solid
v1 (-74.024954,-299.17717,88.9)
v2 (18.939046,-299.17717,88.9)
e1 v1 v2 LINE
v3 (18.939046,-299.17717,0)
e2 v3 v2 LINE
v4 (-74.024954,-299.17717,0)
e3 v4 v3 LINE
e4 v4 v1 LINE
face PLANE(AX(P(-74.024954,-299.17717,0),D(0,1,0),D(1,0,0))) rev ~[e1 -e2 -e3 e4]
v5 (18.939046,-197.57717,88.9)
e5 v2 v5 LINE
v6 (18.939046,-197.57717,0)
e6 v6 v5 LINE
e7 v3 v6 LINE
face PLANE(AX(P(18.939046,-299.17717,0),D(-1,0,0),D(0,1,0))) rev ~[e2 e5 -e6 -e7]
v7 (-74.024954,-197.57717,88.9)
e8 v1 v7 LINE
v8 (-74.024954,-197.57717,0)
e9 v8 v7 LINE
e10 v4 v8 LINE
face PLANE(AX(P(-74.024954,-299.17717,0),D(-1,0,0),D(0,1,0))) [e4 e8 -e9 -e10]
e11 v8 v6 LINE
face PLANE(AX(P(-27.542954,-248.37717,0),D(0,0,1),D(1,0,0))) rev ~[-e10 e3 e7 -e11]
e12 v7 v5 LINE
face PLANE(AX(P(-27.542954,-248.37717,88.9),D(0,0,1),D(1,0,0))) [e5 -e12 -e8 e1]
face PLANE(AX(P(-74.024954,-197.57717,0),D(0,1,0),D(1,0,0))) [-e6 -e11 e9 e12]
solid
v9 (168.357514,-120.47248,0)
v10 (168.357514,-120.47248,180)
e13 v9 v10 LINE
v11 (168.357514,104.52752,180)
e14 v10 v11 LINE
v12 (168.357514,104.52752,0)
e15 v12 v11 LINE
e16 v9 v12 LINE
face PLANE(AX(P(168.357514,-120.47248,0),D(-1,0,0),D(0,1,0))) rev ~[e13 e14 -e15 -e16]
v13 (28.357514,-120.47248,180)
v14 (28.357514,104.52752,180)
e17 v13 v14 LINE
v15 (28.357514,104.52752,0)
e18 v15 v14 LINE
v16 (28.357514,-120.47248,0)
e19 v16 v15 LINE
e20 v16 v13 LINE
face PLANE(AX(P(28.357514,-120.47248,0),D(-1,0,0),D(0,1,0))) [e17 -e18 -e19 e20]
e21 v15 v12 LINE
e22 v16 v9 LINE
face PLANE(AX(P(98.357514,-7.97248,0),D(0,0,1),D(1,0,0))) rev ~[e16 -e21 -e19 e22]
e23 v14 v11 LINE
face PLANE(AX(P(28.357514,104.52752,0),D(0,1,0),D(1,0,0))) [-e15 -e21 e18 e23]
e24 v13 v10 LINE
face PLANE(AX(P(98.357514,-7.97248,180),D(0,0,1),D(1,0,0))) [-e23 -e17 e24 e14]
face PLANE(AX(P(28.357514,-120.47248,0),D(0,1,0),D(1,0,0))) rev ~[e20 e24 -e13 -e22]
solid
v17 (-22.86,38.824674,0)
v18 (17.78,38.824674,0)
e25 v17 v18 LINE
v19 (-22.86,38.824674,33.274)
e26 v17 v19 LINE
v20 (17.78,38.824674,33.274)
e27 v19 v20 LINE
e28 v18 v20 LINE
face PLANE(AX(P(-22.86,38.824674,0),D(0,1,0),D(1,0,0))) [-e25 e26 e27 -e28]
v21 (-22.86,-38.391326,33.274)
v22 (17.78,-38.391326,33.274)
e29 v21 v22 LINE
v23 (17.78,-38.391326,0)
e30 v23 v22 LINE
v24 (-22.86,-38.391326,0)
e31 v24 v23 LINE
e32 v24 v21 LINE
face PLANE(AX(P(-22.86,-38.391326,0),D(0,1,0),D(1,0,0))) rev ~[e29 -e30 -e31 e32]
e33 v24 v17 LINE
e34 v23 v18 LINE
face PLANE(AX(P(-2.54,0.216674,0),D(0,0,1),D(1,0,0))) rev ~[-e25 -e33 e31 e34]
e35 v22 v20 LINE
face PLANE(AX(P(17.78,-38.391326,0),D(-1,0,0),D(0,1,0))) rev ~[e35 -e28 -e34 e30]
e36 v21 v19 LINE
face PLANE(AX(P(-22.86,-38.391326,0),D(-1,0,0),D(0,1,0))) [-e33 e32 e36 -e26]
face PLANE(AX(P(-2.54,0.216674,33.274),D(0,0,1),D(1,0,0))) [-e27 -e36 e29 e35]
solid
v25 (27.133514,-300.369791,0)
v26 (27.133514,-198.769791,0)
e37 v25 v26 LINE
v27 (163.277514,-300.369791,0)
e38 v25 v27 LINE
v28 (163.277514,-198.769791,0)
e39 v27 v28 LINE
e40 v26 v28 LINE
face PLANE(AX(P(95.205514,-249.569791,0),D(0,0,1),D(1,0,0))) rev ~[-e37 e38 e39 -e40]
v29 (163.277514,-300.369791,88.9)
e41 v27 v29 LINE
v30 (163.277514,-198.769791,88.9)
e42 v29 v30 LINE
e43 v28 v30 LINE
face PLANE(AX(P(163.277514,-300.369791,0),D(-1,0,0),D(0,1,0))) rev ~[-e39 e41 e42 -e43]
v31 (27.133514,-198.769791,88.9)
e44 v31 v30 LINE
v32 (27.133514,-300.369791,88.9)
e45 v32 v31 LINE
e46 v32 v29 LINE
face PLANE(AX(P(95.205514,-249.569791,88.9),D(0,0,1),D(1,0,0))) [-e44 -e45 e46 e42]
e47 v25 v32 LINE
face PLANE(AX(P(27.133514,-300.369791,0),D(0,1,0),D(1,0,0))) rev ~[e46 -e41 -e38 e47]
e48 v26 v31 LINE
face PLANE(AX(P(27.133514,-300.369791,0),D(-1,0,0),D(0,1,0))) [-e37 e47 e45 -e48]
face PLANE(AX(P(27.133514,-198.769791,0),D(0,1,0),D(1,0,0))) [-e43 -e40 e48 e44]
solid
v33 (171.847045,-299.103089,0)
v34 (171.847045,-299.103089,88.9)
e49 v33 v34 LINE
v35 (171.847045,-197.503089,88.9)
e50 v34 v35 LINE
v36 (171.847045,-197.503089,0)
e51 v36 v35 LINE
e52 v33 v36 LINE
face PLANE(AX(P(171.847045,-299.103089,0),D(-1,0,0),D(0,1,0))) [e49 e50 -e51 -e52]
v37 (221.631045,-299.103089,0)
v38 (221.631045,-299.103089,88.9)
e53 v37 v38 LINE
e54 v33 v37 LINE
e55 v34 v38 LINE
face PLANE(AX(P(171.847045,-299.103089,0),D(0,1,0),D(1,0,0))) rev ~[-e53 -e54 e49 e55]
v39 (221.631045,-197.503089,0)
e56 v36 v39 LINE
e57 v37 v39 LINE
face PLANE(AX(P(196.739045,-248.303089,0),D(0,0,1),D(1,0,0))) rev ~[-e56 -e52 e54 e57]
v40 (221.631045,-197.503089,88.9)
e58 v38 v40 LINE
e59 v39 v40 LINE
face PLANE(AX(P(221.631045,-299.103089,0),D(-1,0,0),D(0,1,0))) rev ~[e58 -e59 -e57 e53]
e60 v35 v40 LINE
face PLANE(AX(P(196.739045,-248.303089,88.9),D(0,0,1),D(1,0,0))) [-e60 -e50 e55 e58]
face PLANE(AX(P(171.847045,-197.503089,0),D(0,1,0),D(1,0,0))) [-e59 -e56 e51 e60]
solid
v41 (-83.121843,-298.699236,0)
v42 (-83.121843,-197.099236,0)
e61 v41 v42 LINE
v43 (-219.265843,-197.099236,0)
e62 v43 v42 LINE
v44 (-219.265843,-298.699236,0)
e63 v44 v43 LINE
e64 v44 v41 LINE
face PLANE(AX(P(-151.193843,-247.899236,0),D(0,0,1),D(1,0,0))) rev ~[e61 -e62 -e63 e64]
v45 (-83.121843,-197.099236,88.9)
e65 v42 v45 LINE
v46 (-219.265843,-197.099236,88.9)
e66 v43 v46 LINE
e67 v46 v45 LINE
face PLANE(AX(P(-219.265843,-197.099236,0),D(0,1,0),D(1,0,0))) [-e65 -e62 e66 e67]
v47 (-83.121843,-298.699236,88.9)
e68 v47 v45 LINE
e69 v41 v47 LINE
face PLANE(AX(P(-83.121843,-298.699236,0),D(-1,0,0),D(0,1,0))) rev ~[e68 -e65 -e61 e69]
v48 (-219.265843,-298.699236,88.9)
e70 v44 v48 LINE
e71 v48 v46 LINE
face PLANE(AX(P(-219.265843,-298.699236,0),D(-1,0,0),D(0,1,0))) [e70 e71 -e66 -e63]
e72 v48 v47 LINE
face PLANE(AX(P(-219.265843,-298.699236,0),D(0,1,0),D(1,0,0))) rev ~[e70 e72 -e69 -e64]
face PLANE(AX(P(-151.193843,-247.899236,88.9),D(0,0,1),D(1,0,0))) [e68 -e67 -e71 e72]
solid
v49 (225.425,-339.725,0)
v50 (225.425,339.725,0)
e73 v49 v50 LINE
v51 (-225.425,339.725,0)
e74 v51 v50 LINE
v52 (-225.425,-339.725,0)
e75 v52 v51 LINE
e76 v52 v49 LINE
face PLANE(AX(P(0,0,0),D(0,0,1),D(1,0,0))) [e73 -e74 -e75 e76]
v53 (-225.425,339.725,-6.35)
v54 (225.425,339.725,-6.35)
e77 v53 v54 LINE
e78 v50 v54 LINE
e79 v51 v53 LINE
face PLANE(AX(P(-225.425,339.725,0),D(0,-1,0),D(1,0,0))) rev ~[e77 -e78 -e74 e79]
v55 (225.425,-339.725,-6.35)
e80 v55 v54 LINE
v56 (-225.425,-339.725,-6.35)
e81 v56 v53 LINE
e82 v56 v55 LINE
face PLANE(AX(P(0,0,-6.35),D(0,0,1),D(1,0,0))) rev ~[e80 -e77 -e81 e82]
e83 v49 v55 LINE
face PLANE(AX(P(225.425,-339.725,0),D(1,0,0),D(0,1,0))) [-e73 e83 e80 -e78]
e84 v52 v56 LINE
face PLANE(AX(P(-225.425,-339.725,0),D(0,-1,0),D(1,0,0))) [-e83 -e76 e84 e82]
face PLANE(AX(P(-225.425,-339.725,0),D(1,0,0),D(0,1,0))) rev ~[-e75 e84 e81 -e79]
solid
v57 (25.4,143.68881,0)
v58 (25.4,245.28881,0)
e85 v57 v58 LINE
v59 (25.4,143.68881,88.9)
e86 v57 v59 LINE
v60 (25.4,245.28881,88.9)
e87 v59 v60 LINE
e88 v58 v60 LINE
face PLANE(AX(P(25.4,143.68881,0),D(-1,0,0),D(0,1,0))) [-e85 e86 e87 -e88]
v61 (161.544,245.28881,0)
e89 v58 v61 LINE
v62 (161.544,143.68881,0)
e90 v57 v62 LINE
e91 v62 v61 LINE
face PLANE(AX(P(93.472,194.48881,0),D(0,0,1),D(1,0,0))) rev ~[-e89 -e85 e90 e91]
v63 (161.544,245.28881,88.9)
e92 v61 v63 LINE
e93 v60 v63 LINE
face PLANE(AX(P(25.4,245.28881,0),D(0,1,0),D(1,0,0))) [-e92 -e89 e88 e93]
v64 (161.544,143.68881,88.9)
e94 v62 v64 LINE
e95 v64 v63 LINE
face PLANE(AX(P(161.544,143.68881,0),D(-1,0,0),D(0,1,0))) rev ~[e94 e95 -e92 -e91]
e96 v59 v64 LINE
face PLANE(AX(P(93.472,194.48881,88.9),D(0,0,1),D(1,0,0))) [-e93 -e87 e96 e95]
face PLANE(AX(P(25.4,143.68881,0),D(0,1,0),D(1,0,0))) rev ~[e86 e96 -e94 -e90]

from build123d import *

# Parameters (mm, degrees)
F0_W      = 450.85
F0_H      = 679.45
F1_DEPTH  = 6.35
F2_W      = 136.144
F2_H      = 101.6
F3_DEPTH  = 88.9
F4_W      = 136.144
F4_H      = 101.6
F5_DEPTH  = 88.9
F6_W      = 49.784
F6_H      = 101.6
F7_DEPTH  = 88.9
F8_W      = 136.144
F8_H      = 101.6
F9_DEPTH  = 88.9
F13_W     = 92.964
F13_H     = 101.6
F14_DEPTH = 88.9
F16_W     = 140
F16_H     = 225
F17_DEPTH = 180
F18_W     = 40.64
F18_H     = 77.216
F19_DEPTH = 33.274


with BuildPart() as f1:
    # F0 (on Top) → F1 (new body)
    with BuildSketch(Plane.XY):
        Rectangle(F0_W, F0_H)
    extrude(amount=-F1_DEPTH)


with BuildPart() as f3:
    # F2 (on face) → F3 (new body)
    with BuildSketch(Plane.XY):
        with Locations((102.825514, -173.369791)):
            Rectangle(F2_W, F2_H)
    extrude(amount=F3_DEPTH)


with BuildPart() as f5:
    # F4 (on face) → F5 (new body)
    with BuildSketch(Plane.XY):
        with Locations((68.072, 158.92881)):
            Rectangle(F4_W, F4_H)
    extrude(amount=F5_DEPTH)


with BuildPart() as f7:
    # F6 (on face) → F7 (new body)
    with BuildSketch(Plane.XY):
        with Locations((-16.620955, -177.183089)):
            Rectangle(F6_W, F6_H)
    extrude(amount=F7_DEPTH)


with BuildPart() as f9:
    # F8 (on face) → F9 (new body)
    with BuildSketch(Plane.XY):
        with Locations((-153.733843, -176.779236)):
            Rectangle(F8_W, F8_H)
    extrude(amount=F9_DEPTH)


with BuildPart() as f3_1:
    # F10: moved
    add(f3.part.moved(Location((-7.62, -76.2, 0))))


with BuildPart() as f7_1:
    # F11: moved
    add(f7.part.moved(Location((213.36, -71.12, 0))))


with BuildPart() as f9_1:
    # F12: moved
    add(f9.part.moved(Location((2.54, -71.12, 0))))


with BuildPart() as f14:
    # F13 (on face) → F14 (new body)
    with BuildSketch(Plane.XY):
        with Locations((-63.102954, -248.37717)):
            Rectangle(F13_W, F13_H)
    extrude(amount=F14_DEPTH)


with BuildPart() as f14_1:
    # F15: moved
    add(f14.part.moved(Location((35.56, 0, 0))))


with BuildPart() as f17:
    # F16 (on face) → F17 (new body)
    with BuildSketch(Plane.XY):
        with Locations((100.897514, -51.15248)):
            Rectangle(F16_W, F16_H)
    extrude(amount=F17_DEPTH)


with BuildPart() as f19:
    # F18 (on face) → F19 (new body)
    with BuildSketch(Plane.XY):
        with Locations((-20.32, -131.863326)):
            Rectangle(F18_W, F18_H)
    extrude(amount=F19_DEPTH)


with BuildPart() as f17_1:
    # F20: moved
    add(f17.part.moved(Location((-2.54, 43.18, 0))))


with BuildPart() as f5_1:
    # F21: moved
    add(f5.part.moved(Location((25.4, 35.56, 0))))


with BuildPart() as f19_1:
    # F22: moved
    add(f19.part.moved(Location((17.78, 132.08, 0))))


solid = Compound([f1.part, f3_1.part, f7_1.part, f9_1.part, f14_1.part, f17_1.part, f5_1.part, f19_1.part])
